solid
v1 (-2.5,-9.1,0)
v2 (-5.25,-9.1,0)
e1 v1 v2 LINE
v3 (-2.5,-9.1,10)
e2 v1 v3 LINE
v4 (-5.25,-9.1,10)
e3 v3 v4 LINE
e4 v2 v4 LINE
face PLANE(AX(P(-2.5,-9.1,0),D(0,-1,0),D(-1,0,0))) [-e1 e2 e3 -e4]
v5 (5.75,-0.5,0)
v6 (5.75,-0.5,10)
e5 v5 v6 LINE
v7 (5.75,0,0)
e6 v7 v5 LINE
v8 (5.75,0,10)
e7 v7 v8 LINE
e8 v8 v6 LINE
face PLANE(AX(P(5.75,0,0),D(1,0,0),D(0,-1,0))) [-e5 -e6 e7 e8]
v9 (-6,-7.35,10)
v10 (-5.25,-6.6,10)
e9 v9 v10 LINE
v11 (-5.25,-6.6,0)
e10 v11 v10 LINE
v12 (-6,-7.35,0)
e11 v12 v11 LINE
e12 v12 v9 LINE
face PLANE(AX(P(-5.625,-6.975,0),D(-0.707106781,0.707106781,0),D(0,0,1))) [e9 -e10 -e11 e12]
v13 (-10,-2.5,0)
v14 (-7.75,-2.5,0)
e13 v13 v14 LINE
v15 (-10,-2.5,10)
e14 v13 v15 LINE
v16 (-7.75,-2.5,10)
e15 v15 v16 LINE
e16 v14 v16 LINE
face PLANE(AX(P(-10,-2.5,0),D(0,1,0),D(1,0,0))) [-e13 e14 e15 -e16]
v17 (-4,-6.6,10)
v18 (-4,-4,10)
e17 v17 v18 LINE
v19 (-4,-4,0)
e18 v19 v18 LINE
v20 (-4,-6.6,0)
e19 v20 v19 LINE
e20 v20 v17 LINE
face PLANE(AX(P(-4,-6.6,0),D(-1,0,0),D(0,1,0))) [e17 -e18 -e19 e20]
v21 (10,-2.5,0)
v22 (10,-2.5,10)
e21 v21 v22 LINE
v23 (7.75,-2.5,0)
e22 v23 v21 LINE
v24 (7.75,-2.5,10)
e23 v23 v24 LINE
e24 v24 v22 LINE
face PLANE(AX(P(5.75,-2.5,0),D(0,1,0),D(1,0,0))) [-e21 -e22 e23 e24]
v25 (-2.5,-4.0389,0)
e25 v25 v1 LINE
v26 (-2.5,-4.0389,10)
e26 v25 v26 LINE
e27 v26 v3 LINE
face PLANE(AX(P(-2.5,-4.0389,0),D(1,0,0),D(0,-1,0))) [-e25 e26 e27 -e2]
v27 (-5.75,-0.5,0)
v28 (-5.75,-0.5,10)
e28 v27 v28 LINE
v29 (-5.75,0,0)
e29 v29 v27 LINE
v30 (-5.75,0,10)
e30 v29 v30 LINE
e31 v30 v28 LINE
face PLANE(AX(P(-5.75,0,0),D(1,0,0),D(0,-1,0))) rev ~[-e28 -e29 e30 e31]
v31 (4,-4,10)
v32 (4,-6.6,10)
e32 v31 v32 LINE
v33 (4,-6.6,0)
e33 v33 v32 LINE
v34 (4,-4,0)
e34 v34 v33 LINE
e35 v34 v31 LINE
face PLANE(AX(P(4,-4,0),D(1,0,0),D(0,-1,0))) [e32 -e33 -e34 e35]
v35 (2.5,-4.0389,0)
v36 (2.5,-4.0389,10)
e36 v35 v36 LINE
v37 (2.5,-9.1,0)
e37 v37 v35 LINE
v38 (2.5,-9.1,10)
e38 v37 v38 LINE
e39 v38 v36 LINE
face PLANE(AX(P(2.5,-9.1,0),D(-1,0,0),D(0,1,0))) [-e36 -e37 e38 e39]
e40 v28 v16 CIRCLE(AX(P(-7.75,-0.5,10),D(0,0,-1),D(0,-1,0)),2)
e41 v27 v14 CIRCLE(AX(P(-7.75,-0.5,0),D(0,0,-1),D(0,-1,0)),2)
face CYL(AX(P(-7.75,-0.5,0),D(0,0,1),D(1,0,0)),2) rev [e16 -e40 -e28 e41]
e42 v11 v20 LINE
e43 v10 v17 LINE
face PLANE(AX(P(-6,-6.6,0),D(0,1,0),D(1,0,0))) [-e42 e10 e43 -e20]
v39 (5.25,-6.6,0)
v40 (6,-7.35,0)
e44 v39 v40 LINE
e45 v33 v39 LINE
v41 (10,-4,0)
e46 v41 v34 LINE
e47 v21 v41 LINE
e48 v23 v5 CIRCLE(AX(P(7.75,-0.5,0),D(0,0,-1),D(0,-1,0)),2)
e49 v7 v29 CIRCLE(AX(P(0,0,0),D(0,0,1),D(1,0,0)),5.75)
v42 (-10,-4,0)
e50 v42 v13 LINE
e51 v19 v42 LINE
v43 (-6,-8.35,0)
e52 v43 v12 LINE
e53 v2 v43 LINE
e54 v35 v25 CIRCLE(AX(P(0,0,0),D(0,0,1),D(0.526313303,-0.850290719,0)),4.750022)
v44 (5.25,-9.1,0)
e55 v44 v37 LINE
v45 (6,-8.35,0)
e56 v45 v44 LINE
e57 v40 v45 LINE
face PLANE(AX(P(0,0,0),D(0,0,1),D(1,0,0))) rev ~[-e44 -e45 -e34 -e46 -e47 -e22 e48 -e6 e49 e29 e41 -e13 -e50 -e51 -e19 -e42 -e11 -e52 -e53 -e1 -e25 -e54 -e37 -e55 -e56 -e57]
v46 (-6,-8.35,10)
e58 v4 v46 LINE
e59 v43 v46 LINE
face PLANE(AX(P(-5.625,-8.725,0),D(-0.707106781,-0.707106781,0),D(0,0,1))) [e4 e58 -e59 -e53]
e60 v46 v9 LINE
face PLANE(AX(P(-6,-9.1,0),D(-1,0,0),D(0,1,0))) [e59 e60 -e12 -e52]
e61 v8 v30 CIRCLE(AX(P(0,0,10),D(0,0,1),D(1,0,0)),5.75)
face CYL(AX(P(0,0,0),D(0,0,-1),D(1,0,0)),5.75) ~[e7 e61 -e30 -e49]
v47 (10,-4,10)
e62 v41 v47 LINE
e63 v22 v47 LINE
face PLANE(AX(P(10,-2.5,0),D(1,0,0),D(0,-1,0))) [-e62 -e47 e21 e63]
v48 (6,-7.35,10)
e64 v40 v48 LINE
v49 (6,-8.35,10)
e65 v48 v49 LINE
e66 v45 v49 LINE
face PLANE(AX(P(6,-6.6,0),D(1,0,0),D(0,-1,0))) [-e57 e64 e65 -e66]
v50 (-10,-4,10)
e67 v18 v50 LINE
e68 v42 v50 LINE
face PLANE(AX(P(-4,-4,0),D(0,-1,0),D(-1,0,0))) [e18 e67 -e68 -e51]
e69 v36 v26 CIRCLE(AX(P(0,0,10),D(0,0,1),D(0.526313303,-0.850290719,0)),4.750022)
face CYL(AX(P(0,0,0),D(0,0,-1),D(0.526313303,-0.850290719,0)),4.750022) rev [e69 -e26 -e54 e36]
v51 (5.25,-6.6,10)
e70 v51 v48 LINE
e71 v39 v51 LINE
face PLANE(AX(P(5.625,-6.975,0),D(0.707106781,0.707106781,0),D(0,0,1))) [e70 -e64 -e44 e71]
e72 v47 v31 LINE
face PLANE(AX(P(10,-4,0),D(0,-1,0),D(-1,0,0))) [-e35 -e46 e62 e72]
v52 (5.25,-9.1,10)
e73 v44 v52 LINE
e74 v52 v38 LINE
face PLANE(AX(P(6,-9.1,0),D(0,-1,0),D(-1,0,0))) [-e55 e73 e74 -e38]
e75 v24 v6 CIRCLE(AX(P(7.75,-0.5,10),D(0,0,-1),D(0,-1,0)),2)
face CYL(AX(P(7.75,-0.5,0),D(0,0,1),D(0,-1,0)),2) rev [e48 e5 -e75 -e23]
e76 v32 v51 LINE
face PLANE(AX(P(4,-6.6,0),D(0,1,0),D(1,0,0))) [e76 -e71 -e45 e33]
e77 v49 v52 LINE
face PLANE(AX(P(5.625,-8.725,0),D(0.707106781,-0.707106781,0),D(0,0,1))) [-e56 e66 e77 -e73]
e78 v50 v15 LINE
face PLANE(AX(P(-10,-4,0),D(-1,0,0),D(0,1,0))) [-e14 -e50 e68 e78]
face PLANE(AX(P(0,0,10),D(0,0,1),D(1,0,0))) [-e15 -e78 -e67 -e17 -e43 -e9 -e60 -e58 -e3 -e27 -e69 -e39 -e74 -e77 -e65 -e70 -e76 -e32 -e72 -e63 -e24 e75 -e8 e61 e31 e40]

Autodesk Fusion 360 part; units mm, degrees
sketch "Sketch1" plane through (0, 0, 0) normal (0, 0, 1) x (1, 0, 0)
  line L0 (10, -2.5) -> (10, -4)
  line L1 (10, -4) -> (4, -4)
  line L2 (4, -4) -> (4, -6.6)
  line L3 (4, -6.6) -> (6, -6.6)
  line L4 (6, -6.6) -> (6, -9.1)
  line L5 (6, -9.1) -> (2.5, -9.1)
  line L6 (2.5, -9.1) -> (2.5, -4.0389)
  line L7 (-2.5, -4.0389) -> (-2.5, -9.1)
  line L8 (-2.5, -9.1) -> (-6, -9.1)
  line L9 (-6, -9.1) -> (-6, -6.6)
  line L10 (-6, -6.6) -> (-4, -6.6)
  line L11 (-4, -6.6) -> (-4, -4)
  line L12 (-4, -4) -> (-10, -4)
  line L13 (-10, -4) -> (-10, -2.5)
  line L14 (-10, -2.5) -> (-5.75, -2.5)
  line L15 (5.75, -2.5) -> (10, -2.5)
  arc A0 (2.5, -4.0389) -> (-2.5, -4.0389) centre (0, 0) ccw
  arc A1 (5.75, 0) -> (-5.75, 0) centre (0, 0) ccw
  line L16 (-5.75, 0) -> (-5.75, -2.5)
  line L17 (5.75, 0) -> (5.75, -2.5)
  dimension "d3" = 8
  dimension "d4" = 4
  dimension "d5" = 5
  dimension "d6" = 2.5
  dimension "d7" = 2.5
  dimension "d8" = 2.6
  dimension "d9" = 12
  dimension "d10" = 20
  dimension "d11" = 6
  dimension "d12" = 10
  dimension "d14" = 2.5
  dimension "d19" = 9.5
  dimension "d24" = 1.5
  dimension "d25" = 11.5
extrude "Extrude1" add sketch "Sketch1" along normal blind 10
chamfer "Chamfer1" distance 0.75 angle 45 4 edges at (-6, -6.6, 5) (-6, -9.1, 5) (6, -6.6, 5) (6, -9.1, 5)
fillet "Fillet3" radius 2 2 edges at (-5.75, -2.5, 5) (5.75, -2.5, 5)
equation "d4 = d3 / 2"
equation "d6 = d5 / 2"
equation "d11 = d9 / 2"
equation "d12 = d10 / 2"
